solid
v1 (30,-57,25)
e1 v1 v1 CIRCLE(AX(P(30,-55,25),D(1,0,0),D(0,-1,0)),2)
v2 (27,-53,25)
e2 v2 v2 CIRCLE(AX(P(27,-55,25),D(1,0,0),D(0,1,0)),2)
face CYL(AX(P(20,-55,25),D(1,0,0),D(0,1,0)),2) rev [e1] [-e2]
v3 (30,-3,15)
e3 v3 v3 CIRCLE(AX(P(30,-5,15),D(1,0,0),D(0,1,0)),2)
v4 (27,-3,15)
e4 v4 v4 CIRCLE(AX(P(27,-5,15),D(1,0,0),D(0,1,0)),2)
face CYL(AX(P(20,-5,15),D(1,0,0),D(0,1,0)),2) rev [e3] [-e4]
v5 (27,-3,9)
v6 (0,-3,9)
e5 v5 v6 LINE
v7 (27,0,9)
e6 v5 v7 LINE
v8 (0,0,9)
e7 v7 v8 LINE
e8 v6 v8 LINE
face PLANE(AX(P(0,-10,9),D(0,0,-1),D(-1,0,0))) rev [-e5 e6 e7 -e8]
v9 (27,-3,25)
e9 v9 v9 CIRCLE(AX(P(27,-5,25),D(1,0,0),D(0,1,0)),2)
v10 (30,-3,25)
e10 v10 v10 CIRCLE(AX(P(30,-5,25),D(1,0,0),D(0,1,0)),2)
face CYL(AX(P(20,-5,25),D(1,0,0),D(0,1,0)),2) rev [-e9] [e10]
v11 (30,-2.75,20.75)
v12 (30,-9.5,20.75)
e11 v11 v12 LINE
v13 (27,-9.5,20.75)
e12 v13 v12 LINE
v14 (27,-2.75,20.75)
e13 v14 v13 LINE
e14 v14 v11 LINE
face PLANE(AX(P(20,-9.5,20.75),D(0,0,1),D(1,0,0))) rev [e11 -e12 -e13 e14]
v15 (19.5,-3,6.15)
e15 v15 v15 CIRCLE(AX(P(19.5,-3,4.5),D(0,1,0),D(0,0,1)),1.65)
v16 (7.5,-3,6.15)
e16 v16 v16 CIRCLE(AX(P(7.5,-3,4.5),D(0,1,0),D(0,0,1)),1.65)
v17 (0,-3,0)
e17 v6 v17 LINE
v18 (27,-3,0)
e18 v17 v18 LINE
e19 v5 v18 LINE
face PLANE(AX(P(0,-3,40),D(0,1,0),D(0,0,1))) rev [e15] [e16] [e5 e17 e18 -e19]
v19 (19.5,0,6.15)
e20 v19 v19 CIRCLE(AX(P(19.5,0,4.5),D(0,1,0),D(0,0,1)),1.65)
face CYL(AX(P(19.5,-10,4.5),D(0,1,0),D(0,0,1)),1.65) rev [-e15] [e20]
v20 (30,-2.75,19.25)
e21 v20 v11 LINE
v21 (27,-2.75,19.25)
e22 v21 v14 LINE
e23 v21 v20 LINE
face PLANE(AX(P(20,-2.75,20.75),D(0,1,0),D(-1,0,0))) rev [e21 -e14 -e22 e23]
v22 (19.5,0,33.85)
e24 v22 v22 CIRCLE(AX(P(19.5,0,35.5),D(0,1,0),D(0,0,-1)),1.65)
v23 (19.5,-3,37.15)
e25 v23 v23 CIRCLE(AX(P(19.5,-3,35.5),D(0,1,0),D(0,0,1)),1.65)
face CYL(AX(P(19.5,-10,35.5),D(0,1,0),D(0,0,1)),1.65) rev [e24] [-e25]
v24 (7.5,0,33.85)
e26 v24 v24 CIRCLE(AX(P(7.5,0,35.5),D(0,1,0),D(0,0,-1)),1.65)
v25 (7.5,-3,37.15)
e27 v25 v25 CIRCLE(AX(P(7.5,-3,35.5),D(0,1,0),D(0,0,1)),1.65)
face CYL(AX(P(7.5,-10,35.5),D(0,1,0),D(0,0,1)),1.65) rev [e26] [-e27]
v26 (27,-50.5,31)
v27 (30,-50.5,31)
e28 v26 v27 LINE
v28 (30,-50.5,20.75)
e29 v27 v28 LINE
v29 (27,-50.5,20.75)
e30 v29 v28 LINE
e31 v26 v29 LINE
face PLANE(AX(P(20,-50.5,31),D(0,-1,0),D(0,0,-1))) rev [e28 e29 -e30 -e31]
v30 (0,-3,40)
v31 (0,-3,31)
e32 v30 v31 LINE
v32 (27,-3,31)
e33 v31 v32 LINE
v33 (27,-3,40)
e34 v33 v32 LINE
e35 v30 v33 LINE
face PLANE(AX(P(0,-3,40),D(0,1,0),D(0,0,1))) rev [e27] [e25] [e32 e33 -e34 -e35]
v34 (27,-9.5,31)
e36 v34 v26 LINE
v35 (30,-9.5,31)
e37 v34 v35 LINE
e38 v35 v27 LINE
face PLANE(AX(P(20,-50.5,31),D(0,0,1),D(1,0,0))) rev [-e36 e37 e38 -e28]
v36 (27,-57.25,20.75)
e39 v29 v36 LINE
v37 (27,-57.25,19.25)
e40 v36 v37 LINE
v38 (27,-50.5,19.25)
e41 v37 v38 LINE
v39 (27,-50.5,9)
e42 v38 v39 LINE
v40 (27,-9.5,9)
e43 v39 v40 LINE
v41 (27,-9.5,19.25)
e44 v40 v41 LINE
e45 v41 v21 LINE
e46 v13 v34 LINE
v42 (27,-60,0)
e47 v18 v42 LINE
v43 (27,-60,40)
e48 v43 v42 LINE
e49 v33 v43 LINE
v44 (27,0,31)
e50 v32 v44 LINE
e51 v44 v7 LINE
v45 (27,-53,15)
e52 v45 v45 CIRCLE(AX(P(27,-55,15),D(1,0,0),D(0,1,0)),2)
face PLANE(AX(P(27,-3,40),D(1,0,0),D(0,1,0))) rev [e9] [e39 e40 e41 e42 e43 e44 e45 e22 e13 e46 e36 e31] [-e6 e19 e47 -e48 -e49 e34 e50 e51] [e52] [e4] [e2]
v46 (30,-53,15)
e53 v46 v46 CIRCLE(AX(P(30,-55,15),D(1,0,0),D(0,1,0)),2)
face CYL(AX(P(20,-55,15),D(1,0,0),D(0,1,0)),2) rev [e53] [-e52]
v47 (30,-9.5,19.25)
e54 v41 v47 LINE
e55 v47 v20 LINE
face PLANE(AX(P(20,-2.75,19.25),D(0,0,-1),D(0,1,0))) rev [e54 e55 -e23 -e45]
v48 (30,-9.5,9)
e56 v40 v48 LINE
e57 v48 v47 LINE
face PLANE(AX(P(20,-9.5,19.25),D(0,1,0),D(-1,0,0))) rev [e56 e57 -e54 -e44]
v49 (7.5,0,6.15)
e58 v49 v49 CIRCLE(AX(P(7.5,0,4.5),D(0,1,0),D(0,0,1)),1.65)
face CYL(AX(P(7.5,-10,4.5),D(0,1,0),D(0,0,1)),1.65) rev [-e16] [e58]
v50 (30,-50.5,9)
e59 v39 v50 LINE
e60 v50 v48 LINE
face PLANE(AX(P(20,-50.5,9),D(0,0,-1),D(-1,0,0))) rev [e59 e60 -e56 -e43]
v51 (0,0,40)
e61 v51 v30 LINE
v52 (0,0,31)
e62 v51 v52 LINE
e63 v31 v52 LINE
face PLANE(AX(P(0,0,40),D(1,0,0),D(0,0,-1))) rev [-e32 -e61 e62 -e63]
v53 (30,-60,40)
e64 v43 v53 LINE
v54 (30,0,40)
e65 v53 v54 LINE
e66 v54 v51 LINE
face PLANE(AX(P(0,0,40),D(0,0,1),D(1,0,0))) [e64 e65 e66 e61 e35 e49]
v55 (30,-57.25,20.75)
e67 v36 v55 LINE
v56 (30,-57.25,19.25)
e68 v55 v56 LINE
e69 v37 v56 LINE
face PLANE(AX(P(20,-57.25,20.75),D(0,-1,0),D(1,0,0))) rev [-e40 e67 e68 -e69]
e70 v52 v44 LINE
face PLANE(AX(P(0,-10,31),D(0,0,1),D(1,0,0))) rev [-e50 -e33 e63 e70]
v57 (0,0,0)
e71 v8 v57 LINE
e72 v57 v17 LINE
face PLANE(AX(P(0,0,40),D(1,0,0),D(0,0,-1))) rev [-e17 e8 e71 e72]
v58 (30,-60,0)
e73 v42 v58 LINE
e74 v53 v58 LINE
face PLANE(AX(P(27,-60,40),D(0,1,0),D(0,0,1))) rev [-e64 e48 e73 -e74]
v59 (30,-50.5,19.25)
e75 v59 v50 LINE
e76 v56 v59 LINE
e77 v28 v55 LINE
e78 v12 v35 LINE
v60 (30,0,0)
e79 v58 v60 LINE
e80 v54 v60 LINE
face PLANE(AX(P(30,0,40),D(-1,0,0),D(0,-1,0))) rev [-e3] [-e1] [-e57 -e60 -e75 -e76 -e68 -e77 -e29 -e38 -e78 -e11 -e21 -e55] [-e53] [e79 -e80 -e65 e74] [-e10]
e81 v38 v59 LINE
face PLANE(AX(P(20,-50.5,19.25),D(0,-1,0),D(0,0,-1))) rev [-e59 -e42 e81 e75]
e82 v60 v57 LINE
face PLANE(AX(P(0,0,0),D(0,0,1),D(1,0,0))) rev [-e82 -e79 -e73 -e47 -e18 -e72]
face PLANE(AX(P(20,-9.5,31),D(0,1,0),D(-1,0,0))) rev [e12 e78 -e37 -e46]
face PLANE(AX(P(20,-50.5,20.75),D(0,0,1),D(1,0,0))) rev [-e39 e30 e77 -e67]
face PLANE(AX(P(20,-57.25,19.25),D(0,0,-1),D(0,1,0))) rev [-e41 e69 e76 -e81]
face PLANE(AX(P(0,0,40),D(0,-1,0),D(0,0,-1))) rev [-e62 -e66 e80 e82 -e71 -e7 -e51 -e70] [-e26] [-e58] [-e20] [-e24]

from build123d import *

# Parameters (mm, degrees)
EXTRUDE_1_DEPTH     = 40
SKETCH_2_R          = 1.65
SKETCH_2_W          = 27
SKETCH_2_H          = 22
CUT_EXTRUDE_2_DEPTH = 10
SKETCH_3_R          = 2
CUT_EXTRUDE_3_DEPTH = 10


with BuildPart() as part:
    # 草图1 → 凸台-拉伸1 (new body)
    with BuildSketch(Plane.XY):
        Polygon((0, 0), (30, 0), (30, -60), (27, -60), (27, -3), (0, -3), align=None)
    extrude(amount=EXTRUDE_1_DEPTH)

    # 草图2 → 切除-拉伸2 (cut)
    with BuildSketch(Plane(origin=(0, 0, 0), x_dir=(1, 0, 0), z_dir=(0, 1, 0))):
        with Locations((7.5, -4.5)):
            Circle(SKETCH_2_R)
        with Locations((19.5, -4.5)):
            Circle(SKETCH_2_R)
        with Locations((19.5, -35.5)):
            Circle(SKETCH_2_R)
        with Locations((7.5, -35.5)):
            Circle(SKETCH_2_R)
        with Locations((13.5, -20)):
            Rectangle(SKETCH_2_W, SKETCH_2_H)
    extrude(amount=-CUT_EXTRUDE_2_DEPTH, mode=Mode.SUBTRACT)

    # 草图3 → 切除-拉伸3 (cut)
    with BuildSketch(Plane(origin=(30, 0, 0), x_dir=(0, 0, -1), z_dir=(1, 0, 0))):
        with Locations((-25, -5)):
            Circle(SKETCH_3_R)
        with Locations((-15, -5)):
            Circle(SKETCH_3_R)
        with Locations((-15, -55)):
            Circle(SKETCH_3_R)
        with Locations((-25, -55)):
            Circle(SKETCH_3_R)
        Polygon((-20.75, -9.5), (-20.75, -2.75), (-19.25, -2.75), (-19.25, -9.5), (-9, -9.5), (-9, -50.5), (-19.25, -50.5), (-19.25, -57.25), (-20.75, -57.25), (-20.75, -50.5), (-31, -50.5), (-31, -9.5), align=None)
    extrude(amount=-CUT_EXTRUDE_3_DEPTH, mode=Mode.SUBTRACT)


solid = part.part
